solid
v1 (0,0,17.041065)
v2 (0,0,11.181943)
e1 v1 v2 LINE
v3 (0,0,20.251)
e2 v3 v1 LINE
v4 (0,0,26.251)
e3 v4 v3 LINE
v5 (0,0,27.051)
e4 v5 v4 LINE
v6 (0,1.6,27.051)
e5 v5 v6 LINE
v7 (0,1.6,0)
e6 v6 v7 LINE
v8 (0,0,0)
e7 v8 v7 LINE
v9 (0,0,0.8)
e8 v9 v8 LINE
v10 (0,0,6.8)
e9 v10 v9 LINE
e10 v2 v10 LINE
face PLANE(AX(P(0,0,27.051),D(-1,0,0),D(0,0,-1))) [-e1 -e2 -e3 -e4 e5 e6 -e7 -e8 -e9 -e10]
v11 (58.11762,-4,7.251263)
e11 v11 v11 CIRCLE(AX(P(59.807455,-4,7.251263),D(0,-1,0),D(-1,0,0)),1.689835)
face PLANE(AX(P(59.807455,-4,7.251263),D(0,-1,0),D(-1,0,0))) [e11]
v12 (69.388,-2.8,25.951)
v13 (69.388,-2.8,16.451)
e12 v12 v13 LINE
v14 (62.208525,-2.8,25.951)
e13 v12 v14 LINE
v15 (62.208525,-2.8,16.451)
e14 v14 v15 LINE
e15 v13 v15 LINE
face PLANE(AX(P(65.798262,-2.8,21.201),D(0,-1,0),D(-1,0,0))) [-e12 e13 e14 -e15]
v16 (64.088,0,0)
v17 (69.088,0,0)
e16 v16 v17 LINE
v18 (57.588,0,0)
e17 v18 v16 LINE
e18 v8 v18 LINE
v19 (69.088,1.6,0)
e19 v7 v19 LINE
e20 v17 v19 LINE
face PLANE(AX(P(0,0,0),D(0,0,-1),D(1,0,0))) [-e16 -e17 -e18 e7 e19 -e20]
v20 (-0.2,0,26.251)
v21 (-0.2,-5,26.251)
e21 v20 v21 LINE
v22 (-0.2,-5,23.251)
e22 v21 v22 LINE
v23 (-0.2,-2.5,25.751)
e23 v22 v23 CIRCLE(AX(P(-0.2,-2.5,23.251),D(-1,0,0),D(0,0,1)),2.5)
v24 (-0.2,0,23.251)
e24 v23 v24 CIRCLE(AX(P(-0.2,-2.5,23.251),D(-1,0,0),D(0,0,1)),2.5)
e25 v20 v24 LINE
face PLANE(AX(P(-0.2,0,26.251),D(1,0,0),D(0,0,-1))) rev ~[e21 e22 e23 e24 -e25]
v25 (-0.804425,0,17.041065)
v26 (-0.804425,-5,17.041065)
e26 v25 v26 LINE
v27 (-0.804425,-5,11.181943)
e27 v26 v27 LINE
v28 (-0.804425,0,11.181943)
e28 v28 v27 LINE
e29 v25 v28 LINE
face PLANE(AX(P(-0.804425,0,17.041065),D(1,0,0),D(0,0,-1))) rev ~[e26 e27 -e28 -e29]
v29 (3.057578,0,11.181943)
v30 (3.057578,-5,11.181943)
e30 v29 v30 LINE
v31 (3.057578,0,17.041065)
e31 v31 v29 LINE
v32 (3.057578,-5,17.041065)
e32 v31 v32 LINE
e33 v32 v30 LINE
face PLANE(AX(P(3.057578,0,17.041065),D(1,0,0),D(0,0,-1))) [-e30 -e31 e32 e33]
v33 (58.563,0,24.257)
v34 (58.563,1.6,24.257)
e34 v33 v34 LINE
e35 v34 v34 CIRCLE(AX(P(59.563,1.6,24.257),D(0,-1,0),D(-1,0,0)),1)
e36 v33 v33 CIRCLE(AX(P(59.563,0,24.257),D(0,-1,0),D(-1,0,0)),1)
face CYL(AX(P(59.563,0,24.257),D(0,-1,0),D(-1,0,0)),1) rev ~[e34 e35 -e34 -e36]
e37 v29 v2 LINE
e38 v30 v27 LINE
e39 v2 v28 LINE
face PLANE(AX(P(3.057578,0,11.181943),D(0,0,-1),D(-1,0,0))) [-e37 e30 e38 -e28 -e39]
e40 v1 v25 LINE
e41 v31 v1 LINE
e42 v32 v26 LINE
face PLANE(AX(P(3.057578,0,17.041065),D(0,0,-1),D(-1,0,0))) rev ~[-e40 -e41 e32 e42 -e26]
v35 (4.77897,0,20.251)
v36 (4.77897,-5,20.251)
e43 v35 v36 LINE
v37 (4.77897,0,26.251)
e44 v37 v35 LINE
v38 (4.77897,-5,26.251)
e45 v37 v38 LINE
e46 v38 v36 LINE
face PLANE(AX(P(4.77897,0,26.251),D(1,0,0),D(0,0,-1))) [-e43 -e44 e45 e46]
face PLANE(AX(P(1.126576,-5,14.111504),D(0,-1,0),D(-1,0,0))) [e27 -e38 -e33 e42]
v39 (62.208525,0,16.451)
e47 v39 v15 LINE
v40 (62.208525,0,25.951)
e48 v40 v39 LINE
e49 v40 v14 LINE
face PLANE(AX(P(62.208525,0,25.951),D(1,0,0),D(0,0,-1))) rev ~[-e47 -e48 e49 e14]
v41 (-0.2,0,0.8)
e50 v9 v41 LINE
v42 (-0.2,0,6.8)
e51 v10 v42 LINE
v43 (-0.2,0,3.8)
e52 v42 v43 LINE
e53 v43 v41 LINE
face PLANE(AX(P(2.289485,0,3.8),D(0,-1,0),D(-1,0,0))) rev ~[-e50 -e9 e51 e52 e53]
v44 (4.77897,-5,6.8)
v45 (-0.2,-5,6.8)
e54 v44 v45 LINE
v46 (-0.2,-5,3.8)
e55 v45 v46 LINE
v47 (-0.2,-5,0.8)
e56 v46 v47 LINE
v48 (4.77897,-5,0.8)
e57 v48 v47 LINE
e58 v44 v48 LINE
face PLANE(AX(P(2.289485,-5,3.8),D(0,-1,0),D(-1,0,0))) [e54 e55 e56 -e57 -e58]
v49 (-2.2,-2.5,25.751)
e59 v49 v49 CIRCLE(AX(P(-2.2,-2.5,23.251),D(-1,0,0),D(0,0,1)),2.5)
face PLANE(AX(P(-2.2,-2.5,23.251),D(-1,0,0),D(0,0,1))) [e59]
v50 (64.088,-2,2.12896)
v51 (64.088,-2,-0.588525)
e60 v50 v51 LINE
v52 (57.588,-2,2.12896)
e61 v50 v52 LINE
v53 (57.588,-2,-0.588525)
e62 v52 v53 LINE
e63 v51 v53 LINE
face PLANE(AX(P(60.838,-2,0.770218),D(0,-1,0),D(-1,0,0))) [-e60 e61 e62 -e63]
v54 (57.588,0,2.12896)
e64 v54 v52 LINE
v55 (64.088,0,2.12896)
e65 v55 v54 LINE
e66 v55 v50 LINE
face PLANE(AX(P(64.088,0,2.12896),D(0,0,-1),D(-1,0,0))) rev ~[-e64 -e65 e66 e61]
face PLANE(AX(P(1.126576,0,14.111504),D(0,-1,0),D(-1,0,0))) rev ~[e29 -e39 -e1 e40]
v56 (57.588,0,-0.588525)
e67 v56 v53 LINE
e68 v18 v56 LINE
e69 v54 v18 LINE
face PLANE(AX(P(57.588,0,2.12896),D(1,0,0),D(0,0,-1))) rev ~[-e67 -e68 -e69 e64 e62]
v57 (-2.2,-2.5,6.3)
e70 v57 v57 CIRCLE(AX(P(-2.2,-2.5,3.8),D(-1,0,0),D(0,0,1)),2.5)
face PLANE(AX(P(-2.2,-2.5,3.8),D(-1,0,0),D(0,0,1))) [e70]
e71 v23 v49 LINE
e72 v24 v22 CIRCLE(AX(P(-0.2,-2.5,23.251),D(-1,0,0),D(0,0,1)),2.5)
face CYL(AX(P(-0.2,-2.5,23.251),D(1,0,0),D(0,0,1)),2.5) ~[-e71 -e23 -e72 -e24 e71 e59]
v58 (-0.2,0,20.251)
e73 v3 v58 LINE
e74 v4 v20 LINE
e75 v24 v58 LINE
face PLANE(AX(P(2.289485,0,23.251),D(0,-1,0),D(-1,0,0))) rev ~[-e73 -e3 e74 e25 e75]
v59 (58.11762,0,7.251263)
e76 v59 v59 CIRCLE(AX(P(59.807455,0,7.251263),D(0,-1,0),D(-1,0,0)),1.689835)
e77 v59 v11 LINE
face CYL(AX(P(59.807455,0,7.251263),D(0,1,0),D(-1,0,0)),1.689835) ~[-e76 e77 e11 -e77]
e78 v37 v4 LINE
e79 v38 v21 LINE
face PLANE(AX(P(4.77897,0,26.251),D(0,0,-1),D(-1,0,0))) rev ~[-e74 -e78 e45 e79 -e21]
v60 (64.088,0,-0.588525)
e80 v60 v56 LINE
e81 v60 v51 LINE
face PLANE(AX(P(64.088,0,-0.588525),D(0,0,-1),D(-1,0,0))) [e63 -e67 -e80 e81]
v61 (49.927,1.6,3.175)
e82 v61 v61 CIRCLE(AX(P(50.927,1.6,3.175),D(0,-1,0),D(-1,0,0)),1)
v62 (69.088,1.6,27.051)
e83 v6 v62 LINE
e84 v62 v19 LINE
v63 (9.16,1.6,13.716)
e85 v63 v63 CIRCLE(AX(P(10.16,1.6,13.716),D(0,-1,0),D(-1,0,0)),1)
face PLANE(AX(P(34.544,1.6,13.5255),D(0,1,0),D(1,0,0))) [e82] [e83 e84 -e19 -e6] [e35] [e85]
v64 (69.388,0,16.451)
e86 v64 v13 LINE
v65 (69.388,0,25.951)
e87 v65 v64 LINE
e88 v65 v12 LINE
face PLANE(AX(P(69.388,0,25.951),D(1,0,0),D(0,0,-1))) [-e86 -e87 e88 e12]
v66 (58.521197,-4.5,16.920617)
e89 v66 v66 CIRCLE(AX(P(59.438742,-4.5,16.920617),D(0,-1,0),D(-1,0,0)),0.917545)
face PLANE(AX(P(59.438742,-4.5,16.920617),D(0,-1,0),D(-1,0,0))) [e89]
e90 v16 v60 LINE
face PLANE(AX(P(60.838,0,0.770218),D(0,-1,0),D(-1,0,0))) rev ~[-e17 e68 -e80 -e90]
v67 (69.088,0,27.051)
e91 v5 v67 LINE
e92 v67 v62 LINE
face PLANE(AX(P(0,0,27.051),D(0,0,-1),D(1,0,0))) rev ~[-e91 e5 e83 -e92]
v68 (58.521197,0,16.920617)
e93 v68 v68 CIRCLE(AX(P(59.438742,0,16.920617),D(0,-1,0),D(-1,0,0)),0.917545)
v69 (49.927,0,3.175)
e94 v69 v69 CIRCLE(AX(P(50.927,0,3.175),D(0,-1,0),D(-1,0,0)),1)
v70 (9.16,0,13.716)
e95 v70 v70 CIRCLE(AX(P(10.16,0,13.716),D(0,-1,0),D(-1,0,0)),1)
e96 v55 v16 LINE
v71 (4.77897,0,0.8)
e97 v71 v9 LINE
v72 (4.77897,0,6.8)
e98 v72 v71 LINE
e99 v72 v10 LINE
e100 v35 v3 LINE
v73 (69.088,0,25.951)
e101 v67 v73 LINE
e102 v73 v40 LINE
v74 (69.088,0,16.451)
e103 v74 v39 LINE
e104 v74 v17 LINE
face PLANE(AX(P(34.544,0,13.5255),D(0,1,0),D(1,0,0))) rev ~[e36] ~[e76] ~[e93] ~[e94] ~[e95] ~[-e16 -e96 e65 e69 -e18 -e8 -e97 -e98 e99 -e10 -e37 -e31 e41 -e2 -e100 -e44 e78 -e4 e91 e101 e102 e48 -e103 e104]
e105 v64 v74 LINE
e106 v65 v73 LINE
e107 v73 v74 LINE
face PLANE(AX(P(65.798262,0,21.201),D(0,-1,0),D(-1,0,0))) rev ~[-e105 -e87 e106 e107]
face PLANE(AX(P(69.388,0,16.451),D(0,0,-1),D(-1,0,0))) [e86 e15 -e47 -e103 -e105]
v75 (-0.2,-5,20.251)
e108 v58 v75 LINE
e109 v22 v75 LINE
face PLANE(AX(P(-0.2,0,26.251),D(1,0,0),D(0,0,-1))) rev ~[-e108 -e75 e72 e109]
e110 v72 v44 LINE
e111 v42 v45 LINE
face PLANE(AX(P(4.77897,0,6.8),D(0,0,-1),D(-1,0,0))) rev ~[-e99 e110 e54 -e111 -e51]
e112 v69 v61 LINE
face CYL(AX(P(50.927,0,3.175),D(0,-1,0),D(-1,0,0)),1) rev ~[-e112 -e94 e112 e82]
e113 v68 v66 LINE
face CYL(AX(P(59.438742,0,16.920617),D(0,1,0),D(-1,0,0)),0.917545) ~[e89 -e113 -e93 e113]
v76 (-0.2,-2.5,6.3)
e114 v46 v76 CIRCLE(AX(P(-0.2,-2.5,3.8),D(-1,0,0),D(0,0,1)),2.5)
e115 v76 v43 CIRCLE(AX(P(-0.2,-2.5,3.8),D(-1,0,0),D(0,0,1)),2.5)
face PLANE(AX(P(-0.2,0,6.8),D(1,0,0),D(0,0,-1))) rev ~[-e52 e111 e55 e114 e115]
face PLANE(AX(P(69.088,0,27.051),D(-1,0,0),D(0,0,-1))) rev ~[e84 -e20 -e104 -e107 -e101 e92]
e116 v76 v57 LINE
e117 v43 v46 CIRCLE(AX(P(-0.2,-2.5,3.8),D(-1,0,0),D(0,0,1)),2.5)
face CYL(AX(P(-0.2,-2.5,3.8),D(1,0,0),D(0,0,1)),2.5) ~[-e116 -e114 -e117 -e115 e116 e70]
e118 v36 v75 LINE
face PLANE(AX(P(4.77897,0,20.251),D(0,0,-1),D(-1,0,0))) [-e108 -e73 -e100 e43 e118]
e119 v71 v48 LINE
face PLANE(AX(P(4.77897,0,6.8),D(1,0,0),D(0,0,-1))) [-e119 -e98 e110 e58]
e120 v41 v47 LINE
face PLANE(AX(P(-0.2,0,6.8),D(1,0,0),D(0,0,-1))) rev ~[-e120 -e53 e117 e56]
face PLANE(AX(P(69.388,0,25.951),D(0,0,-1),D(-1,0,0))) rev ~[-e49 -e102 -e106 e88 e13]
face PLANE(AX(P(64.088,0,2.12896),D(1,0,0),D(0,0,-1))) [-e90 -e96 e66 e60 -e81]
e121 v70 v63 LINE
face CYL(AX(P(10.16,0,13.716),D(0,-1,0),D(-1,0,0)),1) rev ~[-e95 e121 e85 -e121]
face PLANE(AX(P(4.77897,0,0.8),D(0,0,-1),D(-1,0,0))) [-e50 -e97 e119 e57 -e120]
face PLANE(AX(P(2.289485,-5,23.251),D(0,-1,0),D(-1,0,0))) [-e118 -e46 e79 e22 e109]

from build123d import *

# Parameters (mm, degrees)
SKETCH1_W           = 69.088
SKETCH1_H           = 27.051
BOSS_EXTRUDE1_DEPTH = 1.6
SKETCH2_W           = 4.978970029
SKETCH2_H           = 6
SKETCH2_W_2         = 3.862002759
SKETCH2_H_2         = 5.859121758
BOSS_EXTRUDE2_DEPTH = 5
SKETCH3_W           = 6.5
SKETCH3_H           = 2.717485229
BOSS_EXTRUDE3_DEPTH = 2
SKETCH4_W           = 7.179475327
SKETCH4_H           = 9.5
BOSS_EXTRUDE4_DEPTH = 2.8
SKETCH5_R           = 1
CUT_EXTRUDE1_DEPTH  = 2.6
SKETCH6_R           = 1.689834655
BOSS_EXTRUDE5_DEPTH = 4
SKETCH7_R           = 0.917545462
BOSS_EXTRUDE6_DEPTH = 4.5
SKETCH8_R           = 2.5
BOSS_EXTRUDE7_DEPTH = 2


with BuildPart() as part:
    # Sketch1 → Boss-Extrude1 (new body)
    with BuildSketch(Plane(origin=(0, 0, 0), x_dir=(1, 0, 0), z_dir=(0, 1, 0))):
        with Locations((34.544, -13.5255)):
            Rectangle(SKETCH1_W, SKETCH1_H)
    extrude(amount=BOSS_EXTRUDE1_DEPTH)

    # Sketch2 → Boss-Extrude2 (add)
    with BuildSketch(Plane(origin=(0, 0, 0), x_dir=(-1, 0, 0), z_dir=(0, -1, 0))):
        with Locations((-2.289485014, -23.251)):
            Rectangle(SKETCH2_W, SKETCH2_H)
        with Locations((-2.289485014, -3.8)):
            Rectangle(SKETCH2_W, SKETCH2_H)
        with Locations((-1.126576215, -14.111503754)):
            Rectangle(SKETCH2_W_2, SKETCH2_H_2)
    extrude(amount=BOSS_EXTRUDE2_DEPTH)

    # Sketch3 → Boss-Extrude3 (add)
    with BuildSketch(Plane(origin=(0, 0, 0), x_dir=(-1, 0, 0), z_dir=(0, -1, 0))):
        with Locations((-60.838, -0.770217549)):
            Rectangle(SKETCH3_W, SKETCH3_H)
    extrude(amount=BOSS_EXTRUDE3_DEPTH)

    # Sketch4 → Boss-Extrude4 (add)
    with BuildSketch(Plane(origin=(0, 0, 0), x_dir=(-1, 0, 0), z_dir=(0, -1, 0))):
        with Locations((-65.798262337, -21.201)):
            Rectangle(SKETCH4_W, SKETCH4_H)
    extrude(amount=BOSS_EXTRUDE4_DEPTH)

    # Sketch5 → Cut-Extrude1 (cut, through all)
    with BuildSketch(Plane(origin=(0, 0, 0), x_dir=(-1, 0, 0), z_dir=(0, -1, 0))):
        with Locations((-59.563, -24.257)):
            Circle(SKETCH5_R)
        with Locations((-50.927, -3.175)):
            Circle(SKETCH5_R)
        with Locations((-10.16, -13.716)):
            Circle(SKETCH5_R)
    extrude(amount=-CUT_EXTRUDE1_DEPTH, mode=Mode.SUBTRACT)

    # Sketch6 → Boss-Extrude5 (add)
    with BuildSketch(Plane(origin=(0, 0, 0), x_dir=(-1, 0, 0), z_dir=(0, -1, 0))):
        with Locations((-59.807454833, -7.251263164)):
            Circle(SKETCH6_R)
    extrude(amount=BOSS_EXTRUDE5_DEPTH)

    # Sketch7 → Boss-Extrude6 (add)
    with BuildSketch(Plane(origin=(0, 0, 0), x_dir=(-1, 0, 0), z_dir=(0, -1, 0))):
        with Locations((-59.438742184, -16.920616946)):
            Circle(SKETCH7_R)
    extrude(amount=BOSS_EXTRUDE6_DEPTH)

    # Sketch8 → Boss-Extrude7 (add)
    with BuildSketch(Plane.ZY.offset(0.2)):
        with Locations((3.8, -2.5)):
            Circle(SKETCH8_R)
        with Locations((23.251, -2.5)):
            Circle(SKETCH8_R)
    extrude(amount=BOSS_EXTRUDE7_DEPTH)


solid = part.part
